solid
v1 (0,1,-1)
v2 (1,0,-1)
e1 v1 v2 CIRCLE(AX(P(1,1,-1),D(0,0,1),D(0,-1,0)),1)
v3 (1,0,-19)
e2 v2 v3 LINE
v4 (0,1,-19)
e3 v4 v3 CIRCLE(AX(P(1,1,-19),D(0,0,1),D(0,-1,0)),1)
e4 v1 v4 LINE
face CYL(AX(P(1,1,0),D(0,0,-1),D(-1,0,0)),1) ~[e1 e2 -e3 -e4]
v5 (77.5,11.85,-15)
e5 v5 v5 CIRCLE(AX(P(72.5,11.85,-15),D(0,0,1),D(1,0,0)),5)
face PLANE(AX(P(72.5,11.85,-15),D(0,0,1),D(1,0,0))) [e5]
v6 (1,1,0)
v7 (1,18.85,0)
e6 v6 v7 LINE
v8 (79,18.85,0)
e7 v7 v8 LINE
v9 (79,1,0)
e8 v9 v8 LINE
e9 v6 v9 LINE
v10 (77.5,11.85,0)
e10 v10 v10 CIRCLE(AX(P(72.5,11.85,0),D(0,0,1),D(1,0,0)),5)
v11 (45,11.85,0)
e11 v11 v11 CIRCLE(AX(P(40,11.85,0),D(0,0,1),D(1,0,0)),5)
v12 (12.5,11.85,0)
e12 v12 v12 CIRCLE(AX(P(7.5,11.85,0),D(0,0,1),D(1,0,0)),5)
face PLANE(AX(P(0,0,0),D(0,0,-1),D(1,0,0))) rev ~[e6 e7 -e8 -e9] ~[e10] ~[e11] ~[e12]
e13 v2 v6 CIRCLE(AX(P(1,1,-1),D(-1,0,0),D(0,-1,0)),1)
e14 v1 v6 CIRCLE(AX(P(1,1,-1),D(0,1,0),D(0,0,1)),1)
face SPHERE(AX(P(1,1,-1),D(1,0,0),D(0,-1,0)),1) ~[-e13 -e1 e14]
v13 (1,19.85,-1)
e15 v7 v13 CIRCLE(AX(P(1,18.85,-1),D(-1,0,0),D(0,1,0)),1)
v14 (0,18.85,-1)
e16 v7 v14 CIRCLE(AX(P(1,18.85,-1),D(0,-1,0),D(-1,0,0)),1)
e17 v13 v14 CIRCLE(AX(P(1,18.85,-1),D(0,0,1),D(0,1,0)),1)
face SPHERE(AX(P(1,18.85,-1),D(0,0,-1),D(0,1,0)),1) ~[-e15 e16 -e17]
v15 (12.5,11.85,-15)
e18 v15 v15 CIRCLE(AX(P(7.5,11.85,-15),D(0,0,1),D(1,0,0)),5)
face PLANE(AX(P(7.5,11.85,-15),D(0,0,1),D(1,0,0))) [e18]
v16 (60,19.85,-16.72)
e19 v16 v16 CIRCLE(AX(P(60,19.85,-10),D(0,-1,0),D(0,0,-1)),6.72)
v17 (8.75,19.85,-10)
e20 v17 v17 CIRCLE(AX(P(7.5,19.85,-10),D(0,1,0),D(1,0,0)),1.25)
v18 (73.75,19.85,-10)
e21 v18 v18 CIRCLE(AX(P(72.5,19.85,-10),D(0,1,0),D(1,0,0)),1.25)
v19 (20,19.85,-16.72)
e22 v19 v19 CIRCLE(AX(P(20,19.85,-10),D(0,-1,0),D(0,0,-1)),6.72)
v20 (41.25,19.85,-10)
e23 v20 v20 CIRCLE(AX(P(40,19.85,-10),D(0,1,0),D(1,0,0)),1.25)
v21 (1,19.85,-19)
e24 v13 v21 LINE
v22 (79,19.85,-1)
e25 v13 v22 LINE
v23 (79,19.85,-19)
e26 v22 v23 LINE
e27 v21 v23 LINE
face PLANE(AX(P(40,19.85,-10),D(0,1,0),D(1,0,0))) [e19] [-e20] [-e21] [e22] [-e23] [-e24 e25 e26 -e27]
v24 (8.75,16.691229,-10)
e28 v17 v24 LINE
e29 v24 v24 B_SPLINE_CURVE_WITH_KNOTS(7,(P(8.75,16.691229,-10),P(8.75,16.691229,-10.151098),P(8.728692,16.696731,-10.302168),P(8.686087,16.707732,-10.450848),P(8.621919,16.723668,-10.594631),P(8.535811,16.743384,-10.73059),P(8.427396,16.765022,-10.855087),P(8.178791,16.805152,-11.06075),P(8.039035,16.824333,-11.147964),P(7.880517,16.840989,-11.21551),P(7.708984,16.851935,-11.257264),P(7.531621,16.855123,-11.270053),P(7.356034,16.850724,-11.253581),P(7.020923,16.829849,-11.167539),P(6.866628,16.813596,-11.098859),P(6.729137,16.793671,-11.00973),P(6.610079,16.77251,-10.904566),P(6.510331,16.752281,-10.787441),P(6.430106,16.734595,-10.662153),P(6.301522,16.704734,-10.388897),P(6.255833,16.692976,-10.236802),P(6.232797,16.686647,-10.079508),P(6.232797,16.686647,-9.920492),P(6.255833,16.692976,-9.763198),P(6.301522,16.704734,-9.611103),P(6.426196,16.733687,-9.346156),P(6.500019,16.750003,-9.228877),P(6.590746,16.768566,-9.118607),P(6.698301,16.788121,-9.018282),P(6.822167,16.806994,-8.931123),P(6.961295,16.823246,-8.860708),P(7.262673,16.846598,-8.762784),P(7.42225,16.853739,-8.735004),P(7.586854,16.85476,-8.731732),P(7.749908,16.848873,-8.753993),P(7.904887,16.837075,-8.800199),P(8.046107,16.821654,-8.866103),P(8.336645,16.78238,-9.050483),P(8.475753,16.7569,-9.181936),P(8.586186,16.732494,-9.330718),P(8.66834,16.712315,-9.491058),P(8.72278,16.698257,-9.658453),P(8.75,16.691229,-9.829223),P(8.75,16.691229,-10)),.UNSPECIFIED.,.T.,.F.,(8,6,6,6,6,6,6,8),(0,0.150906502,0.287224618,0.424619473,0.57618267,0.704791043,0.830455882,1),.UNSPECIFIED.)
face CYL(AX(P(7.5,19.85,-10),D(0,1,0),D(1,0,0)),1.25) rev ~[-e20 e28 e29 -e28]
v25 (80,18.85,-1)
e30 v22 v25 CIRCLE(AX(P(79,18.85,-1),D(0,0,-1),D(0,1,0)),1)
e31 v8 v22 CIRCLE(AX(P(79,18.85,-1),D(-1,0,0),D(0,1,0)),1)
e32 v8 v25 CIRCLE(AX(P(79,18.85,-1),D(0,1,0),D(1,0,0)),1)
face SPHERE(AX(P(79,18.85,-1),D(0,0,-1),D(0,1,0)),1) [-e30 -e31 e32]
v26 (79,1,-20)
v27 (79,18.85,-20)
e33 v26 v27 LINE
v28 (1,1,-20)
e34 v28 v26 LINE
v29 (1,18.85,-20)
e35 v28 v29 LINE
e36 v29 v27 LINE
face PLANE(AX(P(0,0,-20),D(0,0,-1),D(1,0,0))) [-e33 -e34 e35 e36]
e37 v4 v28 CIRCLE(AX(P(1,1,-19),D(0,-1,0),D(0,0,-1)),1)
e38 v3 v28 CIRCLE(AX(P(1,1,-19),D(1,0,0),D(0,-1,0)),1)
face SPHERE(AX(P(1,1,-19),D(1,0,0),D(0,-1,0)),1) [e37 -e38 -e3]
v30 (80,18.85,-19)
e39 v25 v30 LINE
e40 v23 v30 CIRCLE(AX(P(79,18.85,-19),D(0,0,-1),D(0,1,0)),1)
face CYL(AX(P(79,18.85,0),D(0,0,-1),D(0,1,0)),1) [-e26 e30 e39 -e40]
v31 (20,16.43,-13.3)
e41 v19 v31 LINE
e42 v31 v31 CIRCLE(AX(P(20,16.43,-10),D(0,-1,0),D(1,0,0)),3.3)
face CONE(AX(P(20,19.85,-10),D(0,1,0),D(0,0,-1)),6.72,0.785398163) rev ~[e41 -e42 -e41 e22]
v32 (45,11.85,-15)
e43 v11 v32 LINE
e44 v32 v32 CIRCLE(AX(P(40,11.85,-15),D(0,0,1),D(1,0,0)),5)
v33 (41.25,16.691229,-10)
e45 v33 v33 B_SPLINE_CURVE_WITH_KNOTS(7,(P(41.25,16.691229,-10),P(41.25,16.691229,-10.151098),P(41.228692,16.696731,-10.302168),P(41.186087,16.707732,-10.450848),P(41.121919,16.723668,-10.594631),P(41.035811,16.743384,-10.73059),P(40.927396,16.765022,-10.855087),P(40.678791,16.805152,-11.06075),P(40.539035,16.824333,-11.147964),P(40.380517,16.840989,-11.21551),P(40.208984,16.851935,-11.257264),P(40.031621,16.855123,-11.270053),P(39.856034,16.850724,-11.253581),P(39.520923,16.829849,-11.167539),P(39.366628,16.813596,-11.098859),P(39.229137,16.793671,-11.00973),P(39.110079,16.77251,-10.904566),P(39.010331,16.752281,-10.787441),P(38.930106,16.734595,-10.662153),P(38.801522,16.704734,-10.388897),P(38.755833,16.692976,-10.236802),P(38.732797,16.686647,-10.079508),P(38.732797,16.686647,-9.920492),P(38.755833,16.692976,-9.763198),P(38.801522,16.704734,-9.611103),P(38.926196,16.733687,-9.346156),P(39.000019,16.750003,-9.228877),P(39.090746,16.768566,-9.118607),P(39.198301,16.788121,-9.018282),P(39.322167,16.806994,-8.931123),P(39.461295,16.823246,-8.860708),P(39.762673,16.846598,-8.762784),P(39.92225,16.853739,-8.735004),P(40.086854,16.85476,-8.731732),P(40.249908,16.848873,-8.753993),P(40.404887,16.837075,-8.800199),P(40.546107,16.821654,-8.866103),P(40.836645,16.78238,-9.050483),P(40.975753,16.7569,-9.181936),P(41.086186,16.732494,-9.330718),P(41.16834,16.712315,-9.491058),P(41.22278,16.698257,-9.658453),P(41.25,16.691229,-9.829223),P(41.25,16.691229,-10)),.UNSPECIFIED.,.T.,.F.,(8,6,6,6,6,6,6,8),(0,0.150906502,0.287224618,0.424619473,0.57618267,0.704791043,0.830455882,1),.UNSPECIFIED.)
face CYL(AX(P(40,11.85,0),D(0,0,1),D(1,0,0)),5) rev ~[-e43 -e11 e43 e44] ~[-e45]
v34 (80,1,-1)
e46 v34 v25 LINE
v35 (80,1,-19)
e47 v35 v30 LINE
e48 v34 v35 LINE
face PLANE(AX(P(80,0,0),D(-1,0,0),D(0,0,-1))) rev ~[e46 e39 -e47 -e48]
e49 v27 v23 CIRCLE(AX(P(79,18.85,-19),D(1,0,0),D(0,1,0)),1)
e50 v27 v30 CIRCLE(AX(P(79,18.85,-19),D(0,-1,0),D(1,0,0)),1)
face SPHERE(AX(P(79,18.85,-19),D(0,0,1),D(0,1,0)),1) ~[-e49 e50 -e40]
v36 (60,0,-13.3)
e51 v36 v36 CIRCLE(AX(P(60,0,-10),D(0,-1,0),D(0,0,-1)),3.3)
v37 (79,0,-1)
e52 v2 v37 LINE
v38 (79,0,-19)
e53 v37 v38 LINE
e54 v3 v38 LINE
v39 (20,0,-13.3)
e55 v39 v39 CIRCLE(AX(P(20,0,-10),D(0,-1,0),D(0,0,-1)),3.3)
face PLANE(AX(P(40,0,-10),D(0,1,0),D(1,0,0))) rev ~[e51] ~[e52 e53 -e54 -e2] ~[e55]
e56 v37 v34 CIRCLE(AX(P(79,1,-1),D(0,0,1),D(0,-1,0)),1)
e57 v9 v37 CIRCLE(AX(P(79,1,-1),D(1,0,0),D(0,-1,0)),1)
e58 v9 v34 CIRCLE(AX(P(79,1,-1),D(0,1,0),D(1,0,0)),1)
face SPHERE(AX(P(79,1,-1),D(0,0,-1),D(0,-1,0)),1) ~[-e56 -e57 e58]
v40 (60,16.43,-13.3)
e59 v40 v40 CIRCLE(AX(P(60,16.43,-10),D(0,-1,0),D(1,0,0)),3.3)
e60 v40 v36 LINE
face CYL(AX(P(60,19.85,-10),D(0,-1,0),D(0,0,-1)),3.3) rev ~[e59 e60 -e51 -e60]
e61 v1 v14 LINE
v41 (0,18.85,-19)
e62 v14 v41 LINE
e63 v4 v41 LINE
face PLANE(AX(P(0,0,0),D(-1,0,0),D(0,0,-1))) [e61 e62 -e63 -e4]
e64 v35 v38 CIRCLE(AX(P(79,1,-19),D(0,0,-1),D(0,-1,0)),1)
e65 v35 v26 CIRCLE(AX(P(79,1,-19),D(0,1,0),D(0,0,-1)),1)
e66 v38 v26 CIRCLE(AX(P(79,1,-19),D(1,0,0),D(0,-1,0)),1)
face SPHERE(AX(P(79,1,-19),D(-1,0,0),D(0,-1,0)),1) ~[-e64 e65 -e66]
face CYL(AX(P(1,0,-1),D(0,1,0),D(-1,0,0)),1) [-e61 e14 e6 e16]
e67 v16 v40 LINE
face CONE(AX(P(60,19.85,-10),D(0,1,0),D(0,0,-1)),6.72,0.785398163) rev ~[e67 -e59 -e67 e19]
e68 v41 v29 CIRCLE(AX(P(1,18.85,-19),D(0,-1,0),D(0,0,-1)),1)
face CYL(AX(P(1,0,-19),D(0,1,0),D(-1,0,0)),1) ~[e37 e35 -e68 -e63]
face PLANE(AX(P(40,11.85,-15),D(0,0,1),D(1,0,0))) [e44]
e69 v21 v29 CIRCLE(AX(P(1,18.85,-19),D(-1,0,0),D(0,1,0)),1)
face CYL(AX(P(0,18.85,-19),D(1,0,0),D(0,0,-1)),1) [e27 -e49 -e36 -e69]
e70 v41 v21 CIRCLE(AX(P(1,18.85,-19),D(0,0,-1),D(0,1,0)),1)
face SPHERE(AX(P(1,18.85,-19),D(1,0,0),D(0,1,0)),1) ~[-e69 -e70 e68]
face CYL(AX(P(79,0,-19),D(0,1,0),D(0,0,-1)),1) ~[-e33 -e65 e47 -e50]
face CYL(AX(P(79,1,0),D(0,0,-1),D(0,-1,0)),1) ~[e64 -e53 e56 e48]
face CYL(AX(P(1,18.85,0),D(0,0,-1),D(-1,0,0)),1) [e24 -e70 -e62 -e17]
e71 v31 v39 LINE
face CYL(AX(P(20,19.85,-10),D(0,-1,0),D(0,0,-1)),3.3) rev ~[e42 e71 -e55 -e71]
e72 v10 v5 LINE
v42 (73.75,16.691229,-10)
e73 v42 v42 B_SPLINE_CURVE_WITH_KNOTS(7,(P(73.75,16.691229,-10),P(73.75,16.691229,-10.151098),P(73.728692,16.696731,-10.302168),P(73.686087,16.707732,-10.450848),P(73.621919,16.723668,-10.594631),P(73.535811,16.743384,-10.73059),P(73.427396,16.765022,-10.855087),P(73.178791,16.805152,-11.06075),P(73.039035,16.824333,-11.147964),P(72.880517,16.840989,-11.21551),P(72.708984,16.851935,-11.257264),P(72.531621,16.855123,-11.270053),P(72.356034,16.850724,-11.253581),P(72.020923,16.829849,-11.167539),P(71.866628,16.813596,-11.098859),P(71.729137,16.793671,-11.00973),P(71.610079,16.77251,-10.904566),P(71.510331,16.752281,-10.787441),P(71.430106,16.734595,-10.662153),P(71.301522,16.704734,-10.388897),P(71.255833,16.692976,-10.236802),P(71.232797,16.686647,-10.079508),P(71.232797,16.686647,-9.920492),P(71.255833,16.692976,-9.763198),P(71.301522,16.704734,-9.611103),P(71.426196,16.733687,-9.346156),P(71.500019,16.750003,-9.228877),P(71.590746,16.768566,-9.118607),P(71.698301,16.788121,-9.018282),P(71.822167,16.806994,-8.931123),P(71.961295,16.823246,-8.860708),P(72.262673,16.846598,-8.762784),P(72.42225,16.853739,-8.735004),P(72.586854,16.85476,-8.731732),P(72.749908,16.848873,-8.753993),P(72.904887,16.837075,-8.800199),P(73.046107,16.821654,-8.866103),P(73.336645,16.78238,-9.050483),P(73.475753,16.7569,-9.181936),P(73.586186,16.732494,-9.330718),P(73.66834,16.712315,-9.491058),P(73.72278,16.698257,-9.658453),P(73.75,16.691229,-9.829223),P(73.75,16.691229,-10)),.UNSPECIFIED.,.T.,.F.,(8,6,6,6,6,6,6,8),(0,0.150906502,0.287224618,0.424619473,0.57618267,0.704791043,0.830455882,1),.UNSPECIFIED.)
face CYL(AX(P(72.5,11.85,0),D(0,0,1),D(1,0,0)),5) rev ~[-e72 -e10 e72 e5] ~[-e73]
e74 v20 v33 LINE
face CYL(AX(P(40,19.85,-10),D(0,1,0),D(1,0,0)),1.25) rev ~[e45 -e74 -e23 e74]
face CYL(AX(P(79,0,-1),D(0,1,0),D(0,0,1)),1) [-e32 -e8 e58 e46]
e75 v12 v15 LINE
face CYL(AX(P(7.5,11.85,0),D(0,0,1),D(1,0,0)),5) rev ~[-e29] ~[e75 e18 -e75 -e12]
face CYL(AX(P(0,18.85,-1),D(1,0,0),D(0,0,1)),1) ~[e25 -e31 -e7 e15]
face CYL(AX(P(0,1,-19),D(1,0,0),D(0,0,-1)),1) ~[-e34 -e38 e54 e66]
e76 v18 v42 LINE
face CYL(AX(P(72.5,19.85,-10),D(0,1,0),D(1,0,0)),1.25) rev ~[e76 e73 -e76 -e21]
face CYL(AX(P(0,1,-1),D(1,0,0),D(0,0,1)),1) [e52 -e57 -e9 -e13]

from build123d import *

# Parameters (mm, degrees)
SKETCH1_W                     = 80
SKETCH1_H                     = 20
BOSS_EXTRUDE1_DEPTH           = 19.85
CUT_EXTRUDE1_REACH            = 86.818
SKETCH2_R                     = 3.1
SKETCH3_R                     = 5
CUT_EXTRUDE2_DEPTH            = 15
FILLET1_R                     = 1
CSK_FOR_M6_SFHCS1_D           = 6.6
CSK_FOR_M6_SFHCS1_DEPTH       = 19.85
CSK_FOR_M6_SFHCS1_CSINK_D     = 13.44
CSK_FOR_M6_SFHCS1_CSINK_ANGLE = 90
M3X0_5_TAPPED_HOLE1_REACH     = 86.818
M3X0_5_TAPPED_HOLE1_BORE_R    = 1.25


with BuildPart() as part:
    # Sketch1 → Boss-Extrude1 (new body)
    with BuildSketch(Plane(origin=(0, 0, 0), x_dir=(1, 0, 0), z_dir=(0, 1, 0))):
        with Locations((40, 10)):
            Rectangle(SKETCH1_W, SKETCH1_H)
    extrude(amount=BOSS_EXTRUDE1_DEPTH)

    # Sketch2 → Cut-Extrude1 (cut, up to next)
    with BuildSketch(Plane(origin=(0, 19.85, 0), x_dir=(1, 0, 0), z_dir=(0, 1, 0)), mode=Mode.PRIVATE) as cut_extrude1_sk1:
        with Locations(Location((20, 10, 0), (0, 0, 270))):
            Circle(SKETCH2_R)
    cut_extrude1_tool1 = extrude(cut_extrude1_sk1.sketch, amount=-CUT_EXTRUDE1_REACH, mode=Mode.PRIVATE) & part.part
    # Sketch2 → Cut-Extrude1 (cut, up to next)
    with BuildSketch(Plane(origin=(0, 19.85, 0), x_dir=(1, 0, 0), z_dir=(0, 1, 0)), mode=Mode.PRIVATE) as cut_extrude1_sk2:
        with Locations(Location((60, 10, 0), (0, 0, 270))):
            Circle(SKETCH2_R)
    cut_extrude1_tool2 = extrude(cut_extrude1_sk2.sketch, amount=-CUT_EXTRUDE1_REACH, mode=Mode.PRIVATE) & part.part
    add(cut_extrude1_tool1.solids().sort_by_distance((20, 19.85, -10))[0], mode=Mode.SUBTRACT)
    add(cut_extrude1_tool2.solids().sort_by_distance((60, 19.85, -10))[0], mode=Mode.SUBTRACT)

    # Sketch3 → Cut-Extrude2 (cut)
    with BuildSketch(Plane.XY):
        with Locations((7.5, 11.85)):
            Circle(SKETCH3_R)
        with Locations((72.5, 11.85)):
            Circle(SKETCH3_R)
        with Locations((40, 11.85)):
            Circle(SKETCH3_R)
    extrude(amount=-CUT_EXTRUDE2_DEPTH, mode=Mode.SUBTRACT)

    # Fillet1
    fillet1_edges = [part.edges().sort_by_distance(p)[0] for p in [
        (80, 19.85, -10),
        (40, 19.85, -20),
        (0, 19.85, -10),
        (40, 0, -20),
        (80, 0, -10),
        (40, 0, 0),
        (0, 0, -10),
        (40, 19.85, 0),
        (0, 9.925, -20),
        (80, 9.925, -20),
        (80, 9.925, 0),
        (0, 9.925, 0),
    ]]
    fillet(fillet1_edges, radius=FILLET1_R)

    # CSK for M6 SFHCS1
    with Locations(Plane(origin=(20, 19.85, -10), x_dir=(0, 0, 1), z_dir=(0, 1, 0))):
        with Locations((0, 0), (0, 40)):
            CounterSinkHole(CSK_FOR_M6_SFHCS1_D / 2, CSK_FOR_M6_SFHCS1_CSINK_D / 2, depth=CSK_FOR_M6_SFHCS1_DEPTH, counter_sink_angle=CSK_FOR_M6_SFHCS1_CSINK_ANGLE)

    # M3x0.5 Tapped Hole1 bore → M3x0.5 Tapped Hole1 (cut, up to next)
    with BuildSketch(Plane(origin=(0, 19.85, 0), x_dir=(1, 0, 0), z_dir=(0, 1, 0)), mode=Mode.PRIVATE) as m3x0_5_tapped_hole1_sk1:
        with Locations((7.5, 10)):
            Circle(M3X0_5_TAPPED_HOLE1_BORE_R)
    m3x0_5_tapped_hole1_tool1 = extrude(m3x0_5_tapped_hole1_sk1.sketch, amount=-M3X0_5_TAPPED_HOLE1_REACH, mode=Mode.PRIVATE) & part.part
    # M3x0.5 Tapped Hole1 bore → M3x0.5 Tapped Hole1 (cut, up to next)
    with BuildSketch(Plane(origin=(0, 19.85, 0), x_dir=(1, 0, 0), z_dir=(0, 1, 0)), mode=Mode.PRIVATE) as m3x0_5_tapped_hole1_sk2:
        with Locations((40, 10)):
            Circle(M3X0_5_TAPPED_HOLE1_BORE_R)
    m3x0_5_tapped_hole1_tool2 = extrude(m3x0_5_tapped_hole1_sk2.sketch, amount=-M3X0_5_TAPPED_HOLE1_REACH, mode=Mode.PRIVATE) & part.part
    # M3x0.5 Tapped Hole1 bore → M3x0.5 Tapped Hole1 (cut, up to next)
    with BuildSketch(Plane(origin=(0, 19.85, 0), x_dir=(1, 0, 0), z_dir=(0, 1, 0)), mode=Mode.PRIVATE) as m3x0_5_tapped_hole1_sk3:
        with Locations((72.5, 10)):
            Circle(M3X0_5_TAPPED_HOLE1_BORE_R)
    m3x0_5_tapped_hole1_tool3 = extrude(m3x0_5_tapped_hole1_sk3.sketch, amount=-M3X0_5_TAPPED_HOLE1_REACH, mode=Mode.PRIVATE) & part.part
    add(m3x0_5_tapped_hole1_tool1.solids().sort_by_distance((7.5, 19.85, -10))[0], mode=Mode.SUBTRACT)
    add(m3x0_5_tapped_hole1_tool2.solids().sort_by_distance((40, 19.85, -10))[0], mode=Mode.SUBTRACT)
    add(m3x0_5_tapped_hole1_tool3.solids().sort_by_distance((72.5, 19.85, -10))[0], mode=Mode.SUBTRACT)


solid = part.part
